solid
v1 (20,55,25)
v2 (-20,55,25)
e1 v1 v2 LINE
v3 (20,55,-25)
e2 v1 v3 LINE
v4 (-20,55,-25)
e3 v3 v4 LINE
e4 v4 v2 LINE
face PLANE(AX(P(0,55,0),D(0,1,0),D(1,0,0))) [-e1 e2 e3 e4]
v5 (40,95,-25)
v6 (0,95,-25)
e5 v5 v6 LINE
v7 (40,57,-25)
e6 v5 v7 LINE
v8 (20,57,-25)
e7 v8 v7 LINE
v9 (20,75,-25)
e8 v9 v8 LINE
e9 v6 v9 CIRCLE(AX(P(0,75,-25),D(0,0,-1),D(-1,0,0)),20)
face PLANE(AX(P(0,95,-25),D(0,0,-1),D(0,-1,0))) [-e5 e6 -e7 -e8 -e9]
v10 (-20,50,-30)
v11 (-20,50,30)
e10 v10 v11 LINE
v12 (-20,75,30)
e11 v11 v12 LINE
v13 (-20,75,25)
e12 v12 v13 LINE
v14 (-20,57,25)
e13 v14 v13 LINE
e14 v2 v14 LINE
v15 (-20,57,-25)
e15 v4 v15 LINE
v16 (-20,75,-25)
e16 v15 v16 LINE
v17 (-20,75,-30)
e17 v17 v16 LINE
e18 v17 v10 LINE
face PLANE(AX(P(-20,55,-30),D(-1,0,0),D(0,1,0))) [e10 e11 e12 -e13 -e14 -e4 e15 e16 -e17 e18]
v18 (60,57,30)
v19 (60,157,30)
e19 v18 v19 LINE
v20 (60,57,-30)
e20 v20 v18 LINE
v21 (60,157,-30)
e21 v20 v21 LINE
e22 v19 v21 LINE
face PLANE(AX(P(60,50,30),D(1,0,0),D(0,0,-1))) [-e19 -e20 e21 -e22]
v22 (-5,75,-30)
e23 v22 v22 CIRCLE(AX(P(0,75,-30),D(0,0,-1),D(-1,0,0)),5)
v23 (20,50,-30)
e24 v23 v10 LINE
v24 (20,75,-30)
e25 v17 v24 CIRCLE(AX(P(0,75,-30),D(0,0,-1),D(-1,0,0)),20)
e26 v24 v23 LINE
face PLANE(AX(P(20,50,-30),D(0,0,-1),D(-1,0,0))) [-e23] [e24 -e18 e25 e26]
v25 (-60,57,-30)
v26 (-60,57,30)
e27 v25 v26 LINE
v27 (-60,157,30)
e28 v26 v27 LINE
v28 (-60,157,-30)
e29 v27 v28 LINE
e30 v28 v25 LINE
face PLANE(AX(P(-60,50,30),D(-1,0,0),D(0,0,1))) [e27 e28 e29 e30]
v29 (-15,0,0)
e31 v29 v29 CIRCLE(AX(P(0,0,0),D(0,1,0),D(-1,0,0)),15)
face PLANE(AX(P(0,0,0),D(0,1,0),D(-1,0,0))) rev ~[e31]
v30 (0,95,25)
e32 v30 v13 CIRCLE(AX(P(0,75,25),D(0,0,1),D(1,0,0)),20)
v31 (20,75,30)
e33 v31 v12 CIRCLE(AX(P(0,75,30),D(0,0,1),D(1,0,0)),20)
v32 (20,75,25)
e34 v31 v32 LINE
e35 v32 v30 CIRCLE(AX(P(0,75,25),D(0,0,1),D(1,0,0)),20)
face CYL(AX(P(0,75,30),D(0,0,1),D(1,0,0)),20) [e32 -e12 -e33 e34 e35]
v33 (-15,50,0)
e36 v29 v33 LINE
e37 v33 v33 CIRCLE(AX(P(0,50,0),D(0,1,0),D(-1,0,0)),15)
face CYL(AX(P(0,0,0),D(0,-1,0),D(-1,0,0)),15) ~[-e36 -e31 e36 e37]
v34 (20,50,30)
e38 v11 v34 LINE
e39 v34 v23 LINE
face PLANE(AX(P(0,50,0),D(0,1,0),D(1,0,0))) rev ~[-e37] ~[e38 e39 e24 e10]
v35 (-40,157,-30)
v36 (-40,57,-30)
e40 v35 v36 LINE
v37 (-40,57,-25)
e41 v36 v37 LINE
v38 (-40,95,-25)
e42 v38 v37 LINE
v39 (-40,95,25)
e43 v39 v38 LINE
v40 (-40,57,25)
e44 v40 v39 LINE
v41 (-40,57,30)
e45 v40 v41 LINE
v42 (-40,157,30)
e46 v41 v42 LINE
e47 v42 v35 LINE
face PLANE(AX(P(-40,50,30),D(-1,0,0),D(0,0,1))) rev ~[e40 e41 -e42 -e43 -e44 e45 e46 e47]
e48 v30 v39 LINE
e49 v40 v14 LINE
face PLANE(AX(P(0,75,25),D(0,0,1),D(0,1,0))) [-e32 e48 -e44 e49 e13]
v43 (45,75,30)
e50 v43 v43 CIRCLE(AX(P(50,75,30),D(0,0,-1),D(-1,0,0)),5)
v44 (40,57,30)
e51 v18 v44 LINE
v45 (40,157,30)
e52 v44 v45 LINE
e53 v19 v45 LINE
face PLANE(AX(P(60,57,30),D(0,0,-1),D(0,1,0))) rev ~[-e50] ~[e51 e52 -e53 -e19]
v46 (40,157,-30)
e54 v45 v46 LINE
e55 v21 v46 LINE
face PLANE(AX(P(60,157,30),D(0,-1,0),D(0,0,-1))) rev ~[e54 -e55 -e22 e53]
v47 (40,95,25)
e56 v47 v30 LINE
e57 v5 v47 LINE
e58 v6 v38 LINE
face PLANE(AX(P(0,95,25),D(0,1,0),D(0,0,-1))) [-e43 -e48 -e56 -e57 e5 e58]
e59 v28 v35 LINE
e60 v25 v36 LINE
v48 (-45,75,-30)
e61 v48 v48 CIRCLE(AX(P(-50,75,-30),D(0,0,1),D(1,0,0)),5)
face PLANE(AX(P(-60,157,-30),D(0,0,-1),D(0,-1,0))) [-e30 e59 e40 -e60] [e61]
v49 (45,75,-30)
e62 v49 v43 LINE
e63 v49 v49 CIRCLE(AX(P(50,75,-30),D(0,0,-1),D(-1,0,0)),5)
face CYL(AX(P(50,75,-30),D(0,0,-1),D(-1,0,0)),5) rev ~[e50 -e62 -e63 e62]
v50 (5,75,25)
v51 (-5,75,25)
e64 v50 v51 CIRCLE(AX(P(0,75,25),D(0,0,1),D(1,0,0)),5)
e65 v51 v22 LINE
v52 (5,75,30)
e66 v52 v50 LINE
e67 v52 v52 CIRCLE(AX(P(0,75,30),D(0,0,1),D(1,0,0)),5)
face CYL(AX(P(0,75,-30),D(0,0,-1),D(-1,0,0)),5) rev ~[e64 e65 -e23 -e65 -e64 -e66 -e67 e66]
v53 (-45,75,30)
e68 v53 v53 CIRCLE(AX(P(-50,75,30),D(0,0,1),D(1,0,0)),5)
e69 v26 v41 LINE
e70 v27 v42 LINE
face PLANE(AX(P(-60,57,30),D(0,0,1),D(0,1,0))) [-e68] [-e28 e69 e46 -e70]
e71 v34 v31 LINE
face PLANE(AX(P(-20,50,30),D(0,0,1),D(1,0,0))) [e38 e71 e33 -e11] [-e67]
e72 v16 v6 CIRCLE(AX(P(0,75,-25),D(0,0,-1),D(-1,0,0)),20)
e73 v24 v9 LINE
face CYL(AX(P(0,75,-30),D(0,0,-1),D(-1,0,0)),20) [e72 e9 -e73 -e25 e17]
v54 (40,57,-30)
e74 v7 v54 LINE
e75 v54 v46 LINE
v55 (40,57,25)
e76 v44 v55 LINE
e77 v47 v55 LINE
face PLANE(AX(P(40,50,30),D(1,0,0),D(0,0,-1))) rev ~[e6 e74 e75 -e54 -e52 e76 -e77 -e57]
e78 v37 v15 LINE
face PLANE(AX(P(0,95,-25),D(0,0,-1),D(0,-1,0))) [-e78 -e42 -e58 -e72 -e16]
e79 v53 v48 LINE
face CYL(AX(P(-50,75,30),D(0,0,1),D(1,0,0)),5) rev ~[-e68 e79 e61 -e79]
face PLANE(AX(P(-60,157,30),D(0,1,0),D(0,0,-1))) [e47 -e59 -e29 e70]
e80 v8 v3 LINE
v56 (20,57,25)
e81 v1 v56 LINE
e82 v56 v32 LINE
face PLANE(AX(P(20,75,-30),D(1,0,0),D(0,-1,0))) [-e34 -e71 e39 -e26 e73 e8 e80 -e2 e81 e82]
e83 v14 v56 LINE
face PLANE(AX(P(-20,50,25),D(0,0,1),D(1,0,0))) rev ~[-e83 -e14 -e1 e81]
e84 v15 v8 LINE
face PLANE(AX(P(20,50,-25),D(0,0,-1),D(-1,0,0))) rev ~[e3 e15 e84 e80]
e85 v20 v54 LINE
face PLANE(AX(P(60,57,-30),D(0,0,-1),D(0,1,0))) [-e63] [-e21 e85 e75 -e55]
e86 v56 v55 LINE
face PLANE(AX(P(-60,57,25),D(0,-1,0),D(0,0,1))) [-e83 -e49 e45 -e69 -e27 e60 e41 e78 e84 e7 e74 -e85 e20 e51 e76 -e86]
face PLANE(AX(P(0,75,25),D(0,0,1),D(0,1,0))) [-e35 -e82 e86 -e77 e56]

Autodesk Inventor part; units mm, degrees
ref_plane "YZ Plane" through (0, 0, 0) normal (1, 0, 0) x (0, 1, 0)
sketch "Boceto1" plane through (0, 0, 0) normal (0, 1, 0) x (-1, 0, 0)
  circle A0 centre (0, 0) radius 15
  dimension "d0" = 30
extrude "Extrusión1" add sketch "Boceto1" along normal blind 50
sketch "Boceto2" plane through (0, 50, 0) normal (0, 1, 0) x (1, 0, 0)
  line L0 (20, 30) -> (-20, 30)
  line L1 (-20, 30) -> (-20, -30)
  line L2 (-20, -30) -> (20, -30)
  line L3 (20, -30) -> (20, 30)
  line L4 (20, 30) -> (-20, -30) construction
  line L5 (-20, 30) -> (20, -30) construction
  point P0 (0, 0)
  dimension "d3" = 60
  dimension "d4" = 40
extrude "Extrusión2" add sketch "Boceto2" along normal blind 5
sketch "Boceto3" plane through (-20, 50, 30) normal (0, 0, 1) x (1, 0, 0)
  line L0 (0, 5) -> (0, 25)
  line L1 (40, 5) -> (0, 5) projected
  line L2 (40, 5) -> (40, 25)
  arc A0 (40, 25) -> (0, 25) centre (20, 25) ccw
  circle A1 centre (20, 25) radius 5
  point P0 (20, -50)
  dimension "d7" = 20
  dimension "d8" = 20
  dimension "d9" = 10
extrude "Extrusión3" add sketch "Boceto3" against normal blind 5
sketch "Boceto4" plane through (20, 50, -30) normal (0, 0, -1) x (-1, 0, 0)
  circle A0 centre (20, 25) radius 5 projected
  arc A1 (40, 25) -> (0, 25) centre (20, 25) ccw projected
  line L0 (40, 5) -> (40, 25) projected
  line L1 (0, 5) -> (40, 5) projected
  line L2 (0, 25) -> (0, 5) projected
  point P0 (20, -50)
extrude "Extrusión4" add sketch "Boceto4" against normal blind 5
sketch "Boceto5" plane through (20, 50, 30) normal (1, 0, 0) x (0, 0, -1)
  point P0 (30, -50)
ref_plane "Plano de trabajo1" through (0, 50, 30) normal (1, 0, 0) x (0, 0, -1)
ref_plane "Plano de trabajo2" through (-20, 50, 0) normal (0, 0, 1) x (1, 0, 0)
sketch "Boceto6" plane through (0, 50, 30) normal (1, 0, 0) x (0, 0, -1)
  line L0 (5, 25) -> (5, 45) projected
  line L1 (55, 7) -> (5, 7)
  line L2 (5, 7) -> (5, 45)
  line L3 (5, 45) -> (55, 45)
  line L4 (55, 45) -> (55, 7)
  line L5 (55, 7) -> (5, 45) construction
  line L6 (5, 7) -> (55, 45) construction
  point P0 (30, -50)
  point P1 (30, 26)
extrude "Extrusión5" add sketch "Boceto6" along normal mid plane 120
sketch "Boceto7" plane through (20, 50, -30) normal (0, 0, -1) x (-1, 0, 0)
  circle A0 centre (20, 25) radius 5 projected
  point P0 (20, -50)
extrude "Extrusión6" cut sketch "Boceto7" against normal up to next
sketch "Boceto8" plane through (60, 50, 30) normal (1, 0, 0) x (0, 0, -1)
  line L0 (55, 7) -> (55, 5) projected
  line L1 (55, 7) -> (60, 7)
  line L2 (60, 7) -> (60, 107)
  line L3 (0, 7) -> (0, 107)
  line L4 (0, 107) -> (60, 107)
  line L5 (5, 25) -> (5, 7) projected
  line L6 (0, 7) -> (5, 7)
  line L7 (5, 7) -> (5, 45)
  line L8 (55, 45) -> (5, 45) projected
  line L9 (5, 45) -> (55, 45)
  line L10 (55, 45) -> (55, 7)
  point P0 (30, -50)
  dimension "d23" = 100
extrude "Extrusión7" add sketch "Boceto8" against normal blind 20
sketch "Boceto9" plane through (60, 57, -30) normal (0, 0, -1) x (-1, 0, 0)
  circle A0 centre (10, 18) radius 5
  point P0 (60, -57)
  dimension "d27" = 10
extrude "Extrusión8" cut sketch "Boceto9" against normal up to next
sketch "Boceto10" plane through (-60, 50, 30) normal (-1, 0, 0) x (0, 0, 1)
  line L0 (-60, 107) -> (-60, 7) projected
  line L1 (-5, 45) -> (-55, 45) projected
  line L2 (0, 107) -> (-60, 107) projected
  line L3 (-60, 7) -> (-55, 7) projected
  line L4 (-55, 45) -> (-55, 7) projected
  line L5 (-5, 45) -> (-55, 45) projected
  line L6 (-5, 7) -> (-5, 45) projected
  line L7 (-5, 7) -> (0, 7) projected
  line L8 (0, 7) -> (0, 107) projected
  line L9 (0, 107) -> (-60, 107) projected
  line L10 (-60, 107) -> (-60, 7) projected
  point P0 (-30, -50)
extrude "Extrusión9" add sketch "Boceto10" against normal blind 20
sketch "Boceto11" plane through (-60, 57, 30) normal (0, 0, 1) x (1, 0, 0)
  circle A0 centre (10, 18) radius 5
  point P0 (60, -57)
  dimension "d33" = 10
extrude "Extrusión10" cut sketch "Boceto11" against normal up to next
properties part number "pinza"
